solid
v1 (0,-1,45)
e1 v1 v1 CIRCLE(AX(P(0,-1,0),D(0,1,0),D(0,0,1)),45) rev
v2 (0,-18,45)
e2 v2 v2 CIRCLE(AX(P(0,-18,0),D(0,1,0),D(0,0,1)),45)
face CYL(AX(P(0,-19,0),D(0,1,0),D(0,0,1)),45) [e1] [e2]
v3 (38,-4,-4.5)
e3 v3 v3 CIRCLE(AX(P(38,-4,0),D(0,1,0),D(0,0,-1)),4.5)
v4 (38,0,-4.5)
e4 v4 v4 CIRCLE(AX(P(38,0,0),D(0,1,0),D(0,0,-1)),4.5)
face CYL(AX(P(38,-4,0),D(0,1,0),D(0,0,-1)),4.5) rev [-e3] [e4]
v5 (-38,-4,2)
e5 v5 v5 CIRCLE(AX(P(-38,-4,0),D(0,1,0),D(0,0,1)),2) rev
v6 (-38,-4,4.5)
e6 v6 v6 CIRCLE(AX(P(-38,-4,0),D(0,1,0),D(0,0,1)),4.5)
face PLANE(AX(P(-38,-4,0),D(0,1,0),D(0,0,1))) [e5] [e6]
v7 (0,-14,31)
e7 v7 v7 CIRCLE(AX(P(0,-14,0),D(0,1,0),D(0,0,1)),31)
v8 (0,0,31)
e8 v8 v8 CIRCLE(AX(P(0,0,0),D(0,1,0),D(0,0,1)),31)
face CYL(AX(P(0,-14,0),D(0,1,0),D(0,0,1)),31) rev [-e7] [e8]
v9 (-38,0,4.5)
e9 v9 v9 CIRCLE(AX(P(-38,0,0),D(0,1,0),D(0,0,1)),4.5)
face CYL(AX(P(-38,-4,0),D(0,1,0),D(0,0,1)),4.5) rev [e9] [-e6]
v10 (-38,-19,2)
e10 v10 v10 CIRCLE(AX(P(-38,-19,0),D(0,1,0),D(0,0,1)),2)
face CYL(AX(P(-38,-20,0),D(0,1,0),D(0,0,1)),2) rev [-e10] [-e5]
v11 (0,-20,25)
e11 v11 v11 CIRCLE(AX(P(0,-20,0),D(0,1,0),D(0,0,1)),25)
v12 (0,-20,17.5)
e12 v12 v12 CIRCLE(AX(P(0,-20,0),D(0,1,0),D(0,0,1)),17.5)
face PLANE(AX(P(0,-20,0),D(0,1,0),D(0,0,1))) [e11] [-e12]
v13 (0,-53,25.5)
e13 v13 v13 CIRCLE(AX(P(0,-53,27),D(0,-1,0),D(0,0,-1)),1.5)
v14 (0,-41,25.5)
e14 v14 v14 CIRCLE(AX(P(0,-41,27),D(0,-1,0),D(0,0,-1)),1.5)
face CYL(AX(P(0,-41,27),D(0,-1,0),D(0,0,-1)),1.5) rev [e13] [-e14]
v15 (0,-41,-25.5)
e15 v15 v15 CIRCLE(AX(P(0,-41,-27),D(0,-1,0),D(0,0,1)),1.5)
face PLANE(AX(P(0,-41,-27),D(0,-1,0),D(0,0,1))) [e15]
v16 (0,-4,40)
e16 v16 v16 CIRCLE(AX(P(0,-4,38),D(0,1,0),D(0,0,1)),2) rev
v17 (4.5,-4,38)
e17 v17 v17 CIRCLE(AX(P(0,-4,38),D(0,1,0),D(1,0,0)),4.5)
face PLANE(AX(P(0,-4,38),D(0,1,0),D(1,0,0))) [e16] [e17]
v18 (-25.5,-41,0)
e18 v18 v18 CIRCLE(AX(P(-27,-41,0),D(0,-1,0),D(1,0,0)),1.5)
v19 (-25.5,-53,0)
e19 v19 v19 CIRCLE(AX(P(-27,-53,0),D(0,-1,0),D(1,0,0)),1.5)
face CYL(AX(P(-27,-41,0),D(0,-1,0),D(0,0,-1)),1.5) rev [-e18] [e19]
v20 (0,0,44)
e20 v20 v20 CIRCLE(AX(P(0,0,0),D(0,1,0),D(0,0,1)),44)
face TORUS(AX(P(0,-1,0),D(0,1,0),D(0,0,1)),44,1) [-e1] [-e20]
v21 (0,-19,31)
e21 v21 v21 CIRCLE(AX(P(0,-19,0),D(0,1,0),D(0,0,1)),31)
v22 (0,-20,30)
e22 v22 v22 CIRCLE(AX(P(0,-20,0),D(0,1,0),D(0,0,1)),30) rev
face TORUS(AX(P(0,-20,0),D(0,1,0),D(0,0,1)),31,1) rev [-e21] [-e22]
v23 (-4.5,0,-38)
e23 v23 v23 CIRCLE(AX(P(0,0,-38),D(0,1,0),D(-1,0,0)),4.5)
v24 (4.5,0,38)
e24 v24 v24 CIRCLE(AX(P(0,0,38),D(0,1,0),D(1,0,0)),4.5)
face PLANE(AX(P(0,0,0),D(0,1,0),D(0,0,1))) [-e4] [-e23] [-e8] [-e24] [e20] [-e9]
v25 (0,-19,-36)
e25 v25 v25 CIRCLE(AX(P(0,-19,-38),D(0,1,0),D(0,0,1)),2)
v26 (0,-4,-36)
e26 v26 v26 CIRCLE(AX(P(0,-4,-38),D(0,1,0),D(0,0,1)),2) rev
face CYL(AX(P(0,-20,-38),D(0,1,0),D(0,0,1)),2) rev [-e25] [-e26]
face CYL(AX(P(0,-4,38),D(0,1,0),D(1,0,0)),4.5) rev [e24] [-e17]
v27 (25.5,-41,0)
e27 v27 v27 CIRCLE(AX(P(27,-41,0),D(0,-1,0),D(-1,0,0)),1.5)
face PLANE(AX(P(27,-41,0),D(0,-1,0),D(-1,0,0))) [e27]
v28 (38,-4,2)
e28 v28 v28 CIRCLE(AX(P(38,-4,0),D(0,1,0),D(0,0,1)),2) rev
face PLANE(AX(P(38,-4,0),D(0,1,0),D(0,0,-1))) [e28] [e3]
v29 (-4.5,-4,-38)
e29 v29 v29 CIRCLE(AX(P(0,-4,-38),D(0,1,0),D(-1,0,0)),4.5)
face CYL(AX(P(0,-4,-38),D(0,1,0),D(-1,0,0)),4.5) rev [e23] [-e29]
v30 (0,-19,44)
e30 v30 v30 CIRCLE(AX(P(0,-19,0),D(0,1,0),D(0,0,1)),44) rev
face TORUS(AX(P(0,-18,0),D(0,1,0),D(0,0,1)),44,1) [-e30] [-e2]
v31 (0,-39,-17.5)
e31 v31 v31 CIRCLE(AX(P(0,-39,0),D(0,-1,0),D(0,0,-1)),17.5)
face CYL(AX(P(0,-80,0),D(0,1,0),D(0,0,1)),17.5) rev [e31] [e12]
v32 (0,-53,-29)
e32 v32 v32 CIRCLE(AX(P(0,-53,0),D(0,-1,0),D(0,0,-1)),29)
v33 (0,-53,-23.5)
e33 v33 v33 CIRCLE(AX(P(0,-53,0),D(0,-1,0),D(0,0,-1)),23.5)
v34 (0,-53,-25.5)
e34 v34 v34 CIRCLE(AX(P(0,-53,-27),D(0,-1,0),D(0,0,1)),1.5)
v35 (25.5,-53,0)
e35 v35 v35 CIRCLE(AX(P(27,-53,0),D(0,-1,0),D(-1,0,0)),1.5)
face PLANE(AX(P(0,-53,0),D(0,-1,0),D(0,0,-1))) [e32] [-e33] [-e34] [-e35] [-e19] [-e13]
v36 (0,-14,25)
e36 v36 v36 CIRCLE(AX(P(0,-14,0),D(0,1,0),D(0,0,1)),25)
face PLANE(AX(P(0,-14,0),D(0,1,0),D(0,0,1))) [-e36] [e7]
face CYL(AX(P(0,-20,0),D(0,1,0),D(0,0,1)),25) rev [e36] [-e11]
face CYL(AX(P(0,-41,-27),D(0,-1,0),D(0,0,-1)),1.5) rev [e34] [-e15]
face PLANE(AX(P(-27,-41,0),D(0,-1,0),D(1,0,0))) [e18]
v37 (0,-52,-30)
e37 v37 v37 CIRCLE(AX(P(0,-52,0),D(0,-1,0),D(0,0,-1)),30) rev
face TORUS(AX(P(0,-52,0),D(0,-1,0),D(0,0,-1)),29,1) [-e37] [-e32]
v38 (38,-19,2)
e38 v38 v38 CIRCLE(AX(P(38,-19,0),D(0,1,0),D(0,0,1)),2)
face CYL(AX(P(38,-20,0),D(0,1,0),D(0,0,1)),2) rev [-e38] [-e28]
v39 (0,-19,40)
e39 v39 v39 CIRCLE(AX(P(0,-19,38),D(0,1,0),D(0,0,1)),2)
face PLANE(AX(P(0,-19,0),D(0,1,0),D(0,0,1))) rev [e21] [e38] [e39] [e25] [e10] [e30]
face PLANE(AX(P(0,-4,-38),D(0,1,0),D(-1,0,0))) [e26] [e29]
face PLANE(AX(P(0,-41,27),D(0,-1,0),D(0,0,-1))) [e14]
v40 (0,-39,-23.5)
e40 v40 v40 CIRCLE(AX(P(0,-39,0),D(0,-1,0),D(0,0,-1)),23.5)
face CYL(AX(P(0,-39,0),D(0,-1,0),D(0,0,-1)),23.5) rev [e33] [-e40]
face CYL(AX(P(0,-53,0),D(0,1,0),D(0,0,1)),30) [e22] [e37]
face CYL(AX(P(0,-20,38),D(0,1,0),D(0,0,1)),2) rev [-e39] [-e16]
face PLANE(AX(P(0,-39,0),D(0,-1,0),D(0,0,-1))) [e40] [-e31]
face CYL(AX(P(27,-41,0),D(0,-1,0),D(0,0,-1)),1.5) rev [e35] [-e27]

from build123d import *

# Parameters (mm, degrees)
SKETCH_1_R               = 45
EXTRUDE_2_DEPTH          = 19
SKETCH_3_R               = 30
EXTRUDE_3_DEPTH          = 34
SKETCH_8_R               = 23.5
CUT_EXTRUDE_2_DEPTH      = 14
SKETCH_9_R               = 31
CUT_EXTRUDE_4_DEPTH      = 14
SKETCH_11_R              = 25
CUT_EXTRUDE_6_DEPTH      = 6
SKETCH_12_R              = 17.5
CUT_EXTRUDE_7_DEPTH      = 60
SKETCH_14_R              = 2
CUT_EXTRUDE_8_DEPTH      = 20
PATTERN_CIRCULAR_1_COUNT = 4
SKETCH_15_R              = 1.5
CUT_EXTRUDE_9_DEPTH      = 12
PATTERN_CIRCULAR_2_COUNT = 4
FILLET_1_R               = 1
SKETCH_16_R              = 4.5
CUT_EXTRUDE_10_DEPTH     = 4
PATTERN_CIRCULAR_3_COUNT = 4


with BuildPart() as part:
    # 草图1 → 凸台-拉伸2 (new body)
    with BuildSketch(Plane(origin=(0, 0, 0), x_dir=(1, 0, 0), z_dir=(0, 1, 0))):
        with Locations(Location((0, 0, 0), (0, 0, 270))):
            Circle(SKETCH_1_R)
    extrude(amount=-EXTRUDE_2_DEPTH)

    # 草图3 → 凸台-拉伸3 (add)
    with BuildSketch(Plane.XZ.offset(19)):
        with Locations(Location((0, 0, 0), (0, 0, 270))):
            Circle(SKETCH_3_R)
    extrude(amount=EXTRUDE_3_DEPTH)

    # 草图8 → 切除-拉伸2 (cut)
    with BuildSketch(Plane.XZ.offset(53)):
        with Locations(Location((0, 0, 0), (0, 0, 270))):
            Circle(SKETCH_8_R)
    extrude(amount=-CUT_EXTRUDE_2_DEPTH, mode=Mode.SUBTRACT)

    # 草图9 → 切除-拉伸4 (cut)
    with BuildSketch(Plane(origin=(0, 0, 0), x_dir=(1, 0, 0), z_dir=(0, 1, 0))):
        with Locations(Location((0, 0, 0), (0, 0, 270))):
            Circle(SKETCH_9_R)
    extrude(amount=-CUT_EXTRUDE_4_DEPTH, mode=Mode.SUBTRACT)

    # 草图11 → 切除-拉伸6 (cut)
    with BuildSketch(Plane(origin=(0, -14, 0), x_dir=(1, 0, 0), z_dir=(0, 1, 0))):
        with Locations(Location((0, 0, 0), (0, 0, 270))):
            Circle(SKETCH_11_R)
    extrude(amount=-CUT_EXTRUDE_6_DEPTH, mode=Mode.SUBTRACT)

    # 草图12 → 切除-拉伸7 (cut)
    with BuildSketch(Plane(origin=(0, -20, 0), x_dir=(1, 0, 0), z_dir=(0, 1, 0))):
        with Locations(Location((0, 0, 0), (0, 0, 270))):
            Circle(SKETCH_12_R)
    extrude(amount=-CUT_EXTRUDE_7_DEPTH, mode=Mode.SUBTRACT)

    # 草图14 → 切除-拉伸8 (cut)
    with BuildSketch(Plane(origin=(0, 0, 0), x_dir=(1, 0, 0), z_dir=(0, 1, 0))):
        with Locations(Location((0, 38, 0), (0, 0, 270))):
            Circle(SKETCH_14_R)
    cut_extrude_8 = extrude(amount=-CUT_EXTRUDE_8_DEPTH, mode=Mode.SUBTRACT)

    # 阵列(圆周)1: 切除-拉伸8 ×4 about axis
    pattern_circular_1_axis = Axis((0, 0, 0), (0, 1, 0))
    for i in range(1, PATTERN_CIRCULAR_1_COUNT):
        add(cut_extrude_8.rotate(pattern_circular_1_axis, i * 360 / PATTERN_CIRCULAR_1_COUNT), mode=Mode.SUBTRACT)

    # 草图15 → 切除-拉伸9 (cut)
    with BuildSketch(Plane.XZ.offset(53)):
        with Locations(Location((0, 27, 0), (0, 0, 270))):
            Circle(SKETCH_15_R)
    cut_extrude_9 = extrude(amount=-CUT_EXTRUDE_9_DEPTH, mode=Mode.SUBTRACT)

    # 阵列(圆周)2: 切除-拉伸9 ×4 about axis
    pattern_circular_2_axis = Axis((0, 0, 0), (0, 1, 0))
    for i in range(1, PATTERN_CIRCULAR_2_COUNT):
        add(cut_extrude_9.rotate(pattern_circular_2_axis, i * 360 / PATTERN_CIRCULAR_2_COUNT), mode=Mode.SUBTRACT)

    # 圆角1
    fillet_1_edges = [part.edges().sort_by_distance(p)[0] for p in [
        (0, 0, -45),
        (0, -19, -45),
        (0, -19, 30),
        (0, -53, 30),
    ]]
    fillet(fillet_1_edges, radius=FILLET_1_R)

    # 草图16 → 切除-拉伸10 (cut)
    with BuildSketch(Plane(origin=(0, 0, 0), x_dir=(1, 0, 0), z_dir=(0, 1, 0))):
        with Locations(Location((-38, 0, 0), (0, 0, 270))):
            Circle(SKETCH_16_R)
    cut_extrude_10 = extrude(amount=-CUT_EXTRUDE_10_DEPTH, mode=Mode.SUBTRACT)

    # 阵列(圆周)3: 切除-拉伸10 ×4 about axis
    pattern_circular_3_axis = Axis((0, 0, 0), (0, 1, 0))
    for i in range(1, PATTERN_CIRCULAR_3_COUNT):
        add(cut_extrude_10.rotate(pattern_circular_3_axis, i * 360 / PATTERN_CIRCULAR_3_COUNT), mode=Mode.SUBTRACT)


solid = part.part
